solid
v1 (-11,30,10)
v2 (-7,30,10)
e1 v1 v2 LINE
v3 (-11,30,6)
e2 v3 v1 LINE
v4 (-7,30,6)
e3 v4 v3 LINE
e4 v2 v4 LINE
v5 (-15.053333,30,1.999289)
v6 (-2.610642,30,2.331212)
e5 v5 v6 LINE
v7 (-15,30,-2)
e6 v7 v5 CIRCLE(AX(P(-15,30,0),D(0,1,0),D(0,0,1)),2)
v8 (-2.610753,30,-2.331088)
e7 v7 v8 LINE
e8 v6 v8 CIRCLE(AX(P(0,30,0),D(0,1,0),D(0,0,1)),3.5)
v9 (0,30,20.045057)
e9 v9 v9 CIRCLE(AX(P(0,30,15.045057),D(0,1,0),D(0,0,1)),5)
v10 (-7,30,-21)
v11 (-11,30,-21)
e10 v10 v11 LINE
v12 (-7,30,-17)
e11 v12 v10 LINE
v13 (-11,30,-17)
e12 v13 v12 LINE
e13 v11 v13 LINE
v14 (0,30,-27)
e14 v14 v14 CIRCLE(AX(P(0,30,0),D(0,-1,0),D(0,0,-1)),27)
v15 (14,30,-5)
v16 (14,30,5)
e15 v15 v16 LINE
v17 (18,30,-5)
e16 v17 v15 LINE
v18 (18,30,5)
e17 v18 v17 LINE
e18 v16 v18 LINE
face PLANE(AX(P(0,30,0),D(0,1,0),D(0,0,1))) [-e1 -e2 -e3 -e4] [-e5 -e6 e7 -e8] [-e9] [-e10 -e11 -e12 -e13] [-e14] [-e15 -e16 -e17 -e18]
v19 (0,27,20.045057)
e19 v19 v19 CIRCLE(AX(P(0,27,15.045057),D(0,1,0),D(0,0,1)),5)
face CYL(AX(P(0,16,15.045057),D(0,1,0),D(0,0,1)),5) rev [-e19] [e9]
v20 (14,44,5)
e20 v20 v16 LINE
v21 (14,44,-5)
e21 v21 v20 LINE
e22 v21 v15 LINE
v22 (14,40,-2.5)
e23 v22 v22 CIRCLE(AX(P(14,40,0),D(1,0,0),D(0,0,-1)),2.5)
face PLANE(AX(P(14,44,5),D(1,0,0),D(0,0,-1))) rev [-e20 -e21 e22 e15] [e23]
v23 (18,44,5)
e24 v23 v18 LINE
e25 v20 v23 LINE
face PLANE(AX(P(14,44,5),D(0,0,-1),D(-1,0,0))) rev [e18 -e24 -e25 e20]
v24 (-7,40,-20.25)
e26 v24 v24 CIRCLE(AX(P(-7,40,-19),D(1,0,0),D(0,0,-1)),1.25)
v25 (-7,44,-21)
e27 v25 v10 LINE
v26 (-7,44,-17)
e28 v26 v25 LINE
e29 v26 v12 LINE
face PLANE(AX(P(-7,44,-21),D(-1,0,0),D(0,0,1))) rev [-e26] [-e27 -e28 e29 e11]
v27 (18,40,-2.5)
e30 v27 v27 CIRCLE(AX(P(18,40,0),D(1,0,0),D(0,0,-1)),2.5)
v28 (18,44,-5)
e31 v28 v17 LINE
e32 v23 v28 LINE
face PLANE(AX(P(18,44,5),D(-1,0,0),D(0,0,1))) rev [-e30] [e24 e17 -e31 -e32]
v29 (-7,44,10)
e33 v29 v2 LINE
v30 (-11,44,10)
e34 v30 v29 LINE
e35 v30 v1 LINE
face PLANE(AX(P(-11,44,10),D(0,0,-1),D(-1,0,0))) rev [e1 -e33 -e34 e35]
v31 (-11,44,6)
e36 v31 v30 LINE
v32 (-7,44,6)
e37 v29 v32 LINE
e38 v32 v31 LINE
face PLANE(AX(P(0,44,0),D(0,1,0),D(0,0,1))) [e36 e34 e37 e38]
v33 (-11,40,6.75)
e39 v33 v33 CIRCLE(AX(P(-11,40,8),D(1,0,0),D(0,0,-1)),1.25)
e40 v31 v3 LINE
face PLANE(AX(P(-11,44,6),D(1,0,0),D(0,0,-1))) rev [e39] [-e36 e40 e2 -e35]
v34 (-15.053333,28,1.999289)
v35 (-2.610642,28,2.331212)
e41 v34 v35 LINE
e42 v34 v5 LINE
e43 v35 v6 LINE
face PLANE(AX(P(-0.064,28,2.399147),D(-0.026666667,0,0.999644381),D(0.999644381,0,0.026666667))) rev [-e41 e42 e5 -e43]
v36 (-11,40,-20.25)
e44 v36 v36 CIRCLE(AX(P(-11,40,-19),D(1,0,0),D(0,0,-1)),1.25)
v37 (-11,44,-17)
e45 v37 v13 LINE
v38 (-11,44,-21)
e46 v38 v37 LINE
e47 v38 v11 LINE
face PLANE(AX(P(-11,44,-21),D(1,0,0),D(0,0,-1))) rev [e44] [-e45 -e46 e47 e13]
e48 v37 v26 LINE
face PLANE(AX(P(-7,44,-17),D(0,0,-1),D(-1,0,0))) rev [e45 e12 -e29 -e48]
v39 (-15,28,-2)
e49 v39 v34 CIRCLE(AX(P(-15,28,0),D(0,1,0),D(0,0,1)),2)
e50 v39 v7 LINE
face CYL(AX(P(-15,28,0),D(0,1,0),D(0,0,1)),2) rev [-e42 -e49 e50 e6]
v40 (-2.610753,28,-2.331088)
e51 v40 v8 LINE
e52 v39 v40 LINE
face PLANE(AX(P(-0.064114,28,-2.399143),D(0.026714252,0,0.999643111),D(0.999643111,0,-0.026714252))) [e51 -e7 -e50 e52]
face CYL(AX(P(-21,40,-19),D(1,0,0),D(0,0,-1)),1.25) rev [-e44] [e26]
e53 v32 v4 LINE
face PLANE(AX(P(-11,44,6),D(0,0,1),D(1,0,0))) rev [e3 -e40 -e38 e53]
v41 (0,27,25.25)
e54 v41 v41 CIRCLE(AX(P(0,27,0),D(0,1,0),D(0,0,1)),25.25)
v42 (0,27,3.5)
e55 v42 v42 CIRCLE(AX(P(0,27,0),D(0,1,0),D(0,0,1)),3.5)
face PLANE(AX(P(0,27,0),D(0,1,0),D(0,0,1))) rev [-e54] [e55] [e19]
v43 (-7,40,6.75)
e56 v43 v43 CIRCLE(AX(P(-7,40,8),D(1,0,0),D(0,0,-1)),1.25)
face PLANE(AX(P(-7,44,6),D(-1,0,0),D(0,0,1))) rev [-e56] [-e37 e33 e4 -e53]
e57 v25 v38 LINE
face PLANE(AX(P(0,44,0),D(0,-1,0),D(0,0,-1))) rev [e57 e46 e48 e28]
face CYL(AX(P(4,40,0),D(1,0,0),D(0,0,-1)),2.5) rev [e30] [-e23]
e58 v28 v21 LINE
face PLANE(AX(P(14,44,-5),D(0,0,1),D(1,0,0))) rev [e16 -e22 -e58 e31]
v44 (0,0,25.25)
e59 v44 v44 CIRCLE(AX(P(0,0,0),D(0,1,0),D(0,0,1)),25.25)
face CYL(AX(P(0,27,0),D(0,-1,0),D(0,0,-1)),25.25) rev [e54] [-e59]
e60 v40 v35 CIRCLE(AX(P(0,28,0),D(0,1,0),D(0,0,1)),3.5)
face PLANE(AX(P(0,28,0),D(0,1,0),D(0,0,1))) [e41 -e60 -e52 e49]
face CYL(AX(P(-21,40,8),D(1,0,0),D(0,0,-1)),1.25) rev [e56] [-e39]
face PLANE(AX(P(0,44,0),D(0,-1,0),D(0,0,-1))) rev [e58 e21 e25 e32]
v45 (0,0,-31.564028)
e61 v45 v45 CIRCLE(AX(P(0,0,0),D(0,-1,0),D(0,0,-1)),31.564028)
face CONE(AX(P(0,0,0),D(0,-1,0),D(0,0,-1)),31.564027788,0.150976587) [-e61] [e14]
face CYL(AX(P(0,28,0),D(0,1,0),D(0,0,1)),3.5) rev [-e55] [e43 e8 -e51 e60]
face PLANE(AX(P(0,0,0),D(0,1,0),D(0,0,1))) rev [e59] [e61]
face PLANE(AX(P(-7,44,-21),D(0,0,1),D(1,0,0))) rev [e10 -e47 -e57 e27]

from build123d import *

# Parameters (mm, degrees)
SKETCH_1_R          = 27
SKETCH_1_R_2        = 25.25
EXTRUDE_1_DEPTH     = 27
SKETCH_3_R          = 27
SKETCH_3_R_2        = 2.4
EXTRUDE_2_DEPTH     = 3
SKETCH_7_W          = 4
SKETCH_7_H          = 4
EXTRUDE_3_DEPTH     = 14
SKETCH_8_R          = 1.25
CUT_EXTRUDE_1_DEPTH = 14
SKETCH_10_W         = 4
SKETCH_10_H         = 10
EXTRUDE_4_DEPTH     = 14
SKETCH_11_R         = 2.5
CUT_EXTRUDE_3_DEPTH = 14
SKETCH_12_R         = 5
CUT_EXTRUDE_4_DEPTH = 14
SKETCH_13_R         = 2.4
CUT_EXTRUDE_5_DEPTH = 2
SKETCH_14_R         = 2.4
CUT_EXTRUDE_6_DEPTH = 91


with BuildPart() as part:
    # 草图1 → 凸台-拉伸1 (new body)
    with BuildSketch(Plane(origin=(0, 0, 0), x_dir=(1, 0, 0), z_dir=(0, 1, 0))):
        Circle(SKETCH_1_R)
        Circle(SKETCH_1_R_2, mode=Mode.SUBTRACT)
    extrude(amount=EXTRUDE_1_DEPTH)

    # 草图3 → 凸台-拉伸2 (add)
    with BuildSketch(Plane(origin=(0, 27, 0), x_dir=(1, 0, 0), z_dir=(0, 1, 0))):
        Circle(SKETCH_3_R)
        Circle(SKETCH_3_R_2, mode=Mode.SUBTRACT)
    extrude(amount=EXTRUDE_2_DEPTH)

    # 草图5 → 旋转2 (revolve)
    with BuildSketch(Plane.XY):
        Polygon((27, 30), (31.564027788, 0), (27, 0), align=None)
    revolve(axis=Axis((0, 0, 0), (0, 1, 0)))

    # 草图7 → 凸台-拉伸3 (add)
    with BuildSketch(Plane(origin=(0, 30, 0), x_dir=(1, 0, 0), z_dir=(0, 1, 0))):
        with Locations((-9, 19)):
            Rectangle(SKETCH_7_W, SKETCH_7_H)
        with Locations((-9, -8)):
            Rectangle(SKETCH_7_W, SKETCH_7_H)
    extrude(amount=EXTRUDE_3_DEPTH)

    # 草图8 → 切除-拉伸1 (cut)
    with BuildSketch(Plane(origin=(-7, 0, 0), x_dir=(0, 0, -1), z_dir=(1, 0, 0))):
        with Locations((-8, 40)):
            Circle(SKETCH_8_R)
        with Locations((19, 40)):
            Circle(SKETCH_8_R)
    extrude(amount=-CUT_EXTRUDE_1_DEPTH, mode=Mode.SUBTRACT)

    # 草图10 → 凸台-拉伸4 (add)
    with BuildSketch(Plane(origin=(0, 30, 0), x_dir=(1, 0, 0), z_dir=(0, 1, 0))):
        with Locations((16, 0)):
            Rectangle(SKETCH_10_W, SKETCH_10_H)
    extrude(amount=EXTRUDE_4_DEPTH)

    # 草图11 → 切除-拉伸3 (cut)
    with BuildSketch(Plane(origin=(18, 0, 0), x_dir=(0, 0, -1), z_dir=(1, 0, 0))):
        with Locations((0, 40)):
            Circle(SKETCH_11_R)
    extrude(amount=-CUT_EXTRUDE_3_DEPTH, mode=Mode.SUBTRACT)

    # 草图12 → 切除-拉伸4 (cut)
    with BuildSketch(Plane(origin=(0, 30, 0), x_dir=(1, 0, 0), z_dir=(0, 1, 0))):
        with Locations((0, -15.04505665)):
            Circle(SKETCH_12_R)
    extrude(amount=-CUT_EXTRUDE_4_DEPTH, mode=Mode.SUBTRACT)

    # 草图13 → 切除-拉伸5 (cut)
    with BuildSketch(Plane(origin=(0, 30, 0), x_dir=(1, 0, 0), z_dir=(0, 1, 0))):
        with BuildLine():
            Line((-2.610752853, 2.331087631), (-15, 2))
            ThreePointArc((-15, 2), (-16.999822183, 0.026669038), (-15.053333333, -1.999288762))
            Line((-15.053333333, -1.999288762), (-2.610641885, -2.331211906))
            ThreePointArc((-2.610641885, -2.331211906), (3.499999999, 8.3304e-05), (-2.610752853, 2.331087631))
        make_face()
        Circle(SKETCH_13_R, mode=Mode.SUBTRACT)
    extrude(amount=-CUT_EXTRUDE_5_DEPTH, mode=Mode.SUBTRACT)

    # 草图14 → 切除-拉伸6 (cut)
    with BuildSketch(Plane(origin=(0, 28, 0), x_dir=(1, 0, 0), z_dir=(0, 1, 0))):
        with BuildLine():
            ThreePointArc((-2.610752853, 2.331087631), (-3.499999999, -8.3304e-05), (-2.610641885, -2.331211906))
            ThreePointArc((-2.610641885, -2.331211906), (1.247548276, -3.270110594), (3.5, 0))
            ThreePointArc((3.5, 0), (1.247470444, 3.270140286), (-2.610752853, 2.331087631))
        make_face()
        Circle(SKETCH_14_R, mode=Mode.SUBTRACT)
    extrude(amount=-CUT_EXTRUDE_6_DEPTH, mode=Mode.SUBTRACT)


solid = part.part
